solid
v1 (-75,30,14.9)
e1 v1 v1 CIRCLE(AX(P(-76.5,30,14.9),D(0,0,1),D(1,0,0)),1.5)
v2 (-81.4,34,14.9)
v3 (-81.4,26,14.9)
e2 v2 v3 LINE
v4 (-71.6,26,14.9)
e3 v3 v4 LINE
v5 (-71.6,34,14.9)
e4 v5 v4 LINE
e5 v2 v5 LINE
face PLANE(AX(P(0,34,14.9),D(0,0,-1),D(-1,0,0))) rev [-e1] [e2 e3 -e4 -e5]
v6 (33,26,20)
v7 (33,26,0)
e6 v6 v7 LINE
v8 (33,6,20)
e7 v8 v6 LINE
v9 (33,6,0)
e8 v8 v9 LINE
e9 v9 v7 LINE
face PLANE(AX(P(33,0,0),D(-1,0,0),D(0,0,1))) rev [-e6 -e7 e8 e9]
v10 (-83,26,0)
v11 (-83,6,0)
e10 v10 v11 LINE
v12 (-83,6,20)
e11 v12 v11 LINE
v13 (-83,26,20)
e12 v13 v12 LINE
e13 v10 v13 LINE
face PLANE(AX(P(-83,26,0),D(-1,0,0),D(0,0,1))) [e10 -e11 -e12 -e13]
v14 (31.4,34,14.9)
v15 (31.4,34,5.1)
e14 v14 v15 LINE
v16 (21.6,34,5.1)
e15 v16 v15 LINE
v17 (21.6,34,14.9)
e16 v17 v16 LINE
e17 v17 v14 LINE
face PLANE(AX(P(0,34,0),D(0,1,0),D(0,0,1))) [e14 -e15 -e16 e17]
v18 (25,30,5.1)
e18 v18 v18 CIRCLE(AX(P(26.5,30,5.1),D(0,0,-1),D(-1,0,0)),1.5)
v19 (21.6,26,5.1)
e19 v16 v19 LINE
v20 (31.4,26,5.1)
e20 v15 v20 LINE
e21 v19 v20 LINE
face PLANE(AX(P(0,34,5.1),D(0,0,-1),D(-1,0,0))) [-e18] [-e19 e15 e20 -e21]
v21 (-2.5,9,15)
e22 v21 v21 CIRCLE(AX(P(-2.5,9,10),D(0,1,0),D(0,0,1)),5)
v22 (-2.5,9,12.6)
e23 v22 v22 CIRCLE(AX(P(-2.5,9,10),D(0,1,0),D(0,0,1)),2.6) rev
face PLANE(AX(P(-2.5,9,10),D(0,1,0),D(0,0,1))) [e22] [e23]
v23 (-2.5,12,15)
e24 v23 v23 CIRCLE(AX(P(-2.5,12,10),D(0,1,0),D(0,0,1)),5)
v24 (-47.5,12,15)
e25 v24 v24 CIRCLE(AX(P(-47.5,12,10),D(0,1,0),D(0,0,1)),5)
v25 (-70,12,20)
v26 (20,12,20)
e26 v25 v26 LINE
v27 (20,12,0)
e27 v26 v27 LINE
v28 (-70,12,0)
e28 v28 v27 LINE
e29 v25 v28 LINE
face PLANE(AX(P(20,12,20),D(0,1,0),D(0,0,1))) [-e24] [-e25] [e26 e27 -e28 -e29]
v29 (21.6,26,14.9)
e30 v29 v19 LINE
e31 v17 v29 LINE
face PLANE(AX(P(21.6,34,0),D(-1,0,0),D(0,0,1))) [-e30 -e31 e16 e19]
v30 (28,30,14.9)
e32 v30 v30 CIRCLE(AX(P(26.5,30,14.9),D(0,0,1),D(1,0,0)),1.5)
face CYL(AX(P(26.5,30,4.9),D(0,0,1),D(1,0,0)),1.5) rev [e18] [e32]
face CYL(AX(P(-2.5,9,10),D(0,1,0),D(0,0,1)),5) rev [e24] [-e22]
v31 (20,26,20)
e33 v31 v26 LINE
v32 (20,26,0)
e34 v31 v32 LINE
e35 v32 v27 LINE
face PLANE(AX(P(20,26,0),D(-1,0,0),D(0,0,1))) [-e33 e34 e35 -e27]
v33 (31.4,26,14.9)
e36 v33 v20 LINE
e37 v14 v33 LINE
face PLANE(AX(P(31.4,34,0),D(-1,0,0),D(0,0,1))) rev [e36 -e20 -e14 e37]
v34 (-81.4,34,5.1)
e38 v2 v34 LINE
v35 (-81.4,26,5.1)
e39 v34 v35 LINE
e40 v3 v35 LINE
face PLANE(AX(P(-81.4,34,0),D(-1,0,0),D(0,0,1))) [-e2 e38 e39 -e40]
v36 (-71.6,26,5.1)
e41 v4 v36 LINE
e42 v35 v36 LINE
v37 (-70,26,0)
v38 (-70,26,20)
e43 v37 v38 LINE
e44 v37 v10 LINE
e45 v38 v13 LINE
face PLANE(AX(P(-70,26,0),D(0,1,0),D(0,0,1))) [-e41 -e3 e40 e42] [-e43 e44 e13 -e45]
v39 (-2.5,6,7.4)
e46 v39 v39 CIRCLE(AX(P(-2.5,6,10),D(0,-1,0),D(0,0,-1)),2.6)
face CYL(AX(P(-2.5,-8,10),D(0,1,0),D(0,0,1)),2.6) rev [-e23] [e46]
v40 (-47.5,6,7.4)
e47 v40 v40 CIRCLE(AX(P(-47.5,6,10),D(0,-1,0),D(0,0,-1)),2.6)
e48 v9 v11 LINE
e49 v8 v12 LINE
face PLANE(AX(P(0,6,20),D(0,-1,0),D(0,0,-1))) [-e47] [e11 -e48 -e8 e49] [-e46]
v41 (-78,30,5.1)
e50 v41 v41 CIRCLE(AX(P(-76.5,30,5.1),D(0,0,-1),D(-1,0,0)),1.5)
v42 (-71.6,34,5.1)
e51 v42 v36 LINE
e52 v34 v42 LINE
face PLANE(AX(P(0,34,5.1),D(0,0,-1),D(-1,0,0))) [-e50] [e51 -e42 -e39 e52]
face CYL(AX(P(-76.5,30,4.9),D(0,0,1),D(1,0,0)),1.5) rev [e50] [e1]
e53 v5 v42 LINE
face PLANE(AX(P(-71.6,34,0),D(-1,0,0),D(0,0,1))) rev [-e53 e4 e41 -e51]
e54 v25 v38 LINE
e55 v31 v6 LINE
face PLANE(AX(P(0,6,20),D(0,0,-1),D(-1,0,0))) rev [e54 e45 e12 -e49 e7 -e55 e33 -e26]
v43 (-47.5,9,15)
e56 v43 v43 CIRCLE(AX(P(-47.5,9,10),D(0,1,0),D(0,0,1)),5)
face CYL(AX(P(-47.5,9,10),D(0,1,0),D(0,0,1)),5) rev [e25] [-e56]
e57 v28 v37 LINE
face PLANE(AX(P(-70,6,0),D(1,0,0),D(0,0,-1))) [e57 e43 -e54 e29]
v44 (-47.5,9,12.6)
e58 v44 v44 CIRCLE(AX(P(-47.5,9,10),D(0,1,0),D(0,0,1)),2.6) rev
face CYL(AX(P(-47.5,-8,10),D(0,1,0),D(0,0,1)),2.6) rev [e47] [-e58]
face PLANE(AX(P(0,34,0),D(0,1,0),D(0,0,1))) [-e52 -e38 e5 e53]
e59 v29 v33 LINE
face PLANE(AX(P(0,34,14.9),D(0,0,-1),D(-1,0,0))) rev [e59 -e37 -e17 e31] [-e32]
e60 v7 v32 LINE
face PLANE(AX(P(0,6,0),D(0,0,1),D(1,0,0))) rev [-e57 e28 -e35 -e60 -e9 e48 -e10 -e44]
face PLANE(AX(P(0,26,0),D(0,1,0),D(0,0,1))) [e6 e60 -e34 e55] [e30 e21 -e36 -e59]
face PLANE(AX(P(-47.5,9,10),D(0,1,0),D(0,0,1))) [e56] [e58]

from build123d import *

# Parameters (mm, degrees)
SKETCH_1_W           = 40
SKETCH_1_H           = 20
EXTRUDE_1_DEPTH      = 6
SKETCH_5_W           = 7
SKETCH_5_H           = 20
CUT_EXTRUDE_3_DEPTH  = 6
SKETCH_6_W           = 13
SKETCH_6_H           = 20
EXTRUDE_2_DEPTH      = 20
EXTRUDE_3_DEPTH      = 8
CUT_EXTRUDE_4_DEPTH  = 10
EXTRUDE_4_DEPTH      = 20
EXTRUDE_5_DEPTH      = 8
CUT_EXTRUDE_5_DEPTH  = 10
CUT_EXTRUDE_6_DEPTH  = 3
SKETCH_16_R          = 2.6
CUT_EXTRUDE_7_DEPTH  = 3
CUT_EXTRUDE_8_DEPTH  = 20
SKETCH_19_W          = 90
SKETCH_19_H          = 6
EXTRUDE_6_DEPTH      = 20
CUT_EXTRUDE_9_DEPTH  = 20
SKETCH_21_R          = 5
CUT_EXTRUDE_10_DEPTH = 3


with BuildPart() as part:
    # 草图1 → 凸台-拉伸1 (new body)
    with BuildSketch(Plane(origin=(0, 0, 0), x_dir=(1, 0, 0), z_dir=(0, 1, 0))):
        with Locations((20, -10)):
            Rectangle(SKETCH_1_W, SKETCH_1_H)
    extrude(amount=EXTRUDE_1_DEPTH)

    # 草图5 → 切除-拉伸3 (cut)
    with BuildSketch(Plane(origin=(0, 6, 0), x_dir=(1, 0, 0), z_dir=(0, 1, 0))):
        with Locations((36.5, -10)):
            Rectangle(SKETCH_5_W, SKETCH_5_H)
    extrude(amount=-CUT_EXTRUDE_3_DEPTH, mode=Mode.SUBTRACT)

    # 草图6 → 凸台-拉伸2 (add)
    # profile 1 of 3: a face of its own
    with BuildSketch(Plane(origin=(0, 6, 0), x_dir=(1, 0, 0), z_dir=(0, 1, 0))):
        with Locations((26.5, -10)):
            Rectangle(SKETCH_6_W, SKETCH_6_H)
        Polygon((31.5, -5), (31.5, -10), (31.5, -15), (21.5, -15), (21.5, -10), (21.5, -5), align=None, mode=Mode.SUBTRACT)
    # profile 2 of 3: a face of its own
    with BuildSketch(Plane(origin=(0, 6, 0), x_dir=(1, 0, 0), z_dir=(0, 1, 0))):
        Polygon((21.5, -10), (26.5, -10), (31.5, -10), (31.5, -5), (21.5, -5), align=None)
    # profile 3 of 3: a face of its own
    with BuildSketch(Plane(origin=(0, 6, 0), x_dir=(1, 0, 0), z_dir=(0, 1, 0))):
        Polygon((31.5, -10), (26.5, -10), (21.5, -10), (21.5, -15), (31.5, -15), align=None)
    extrude(amount=EXTRUDE_2_DEPTH)

    # 草图8 → 凸台-拉伸3 (add)
    with BuildSketch(Plane(origin=(0, 26, 0), x_dir=(1, 0, 0), z_dir=(0, 1, 0))):
        Polygon((31.4, -5.1), (23.315, -5.1), (26.5, -10), (31.4, -10), align=None)
        Polygon((26.5, -10), (23.315, -5.1), (21.6, -5.1), (21.6, -10), align=None)
        Polygon((29.685, -14.9), (26.5, -10), (21.6, -10), (21.6, -14.9), align=None)
        Polygon((31.4, -10), (26.5, -10), (29.685, -14.9), (31.4, -14.9), align=None)
    extrude(amount=EXTRUDE_3_DEPTH)

    # 草图9 → 切除-拉伸4 (cut)
    with BuildSketch(Plane.XY.offset(14.9)):
        with BuildLine():
            ThreePointArc((28, 30), (27.560660172, 31.060660172), (26.5, 31.5))
            Line((26.5, 31.5), (26.5, 28.5))
            ThreePointArc((26.5, 28.5), (27.560660172, 28.939339828), (28, 30))
        make_face()
        with BuildLine():
            Line((26.5, 28.5), (26.5, 31.5))
            ThreePointArc((26.5, 31.5), (25, 30), (26.5, 28.5))
        make_face()
    extrude(amount=-CUT_EXTRUDE_4_DEPTH, mode=Mode.SUBTRACT)

    # 草图10 → 凸台-拉伸4 (add)
    with BuildSketch(Plane.XY.offset(20)):
        Polygon((0, 0), (0, 6), (-70, 6), (-70, 26), (-83, 26), (-83, 0), align=None)
    extrude(amount=-EXTRUDE_4_DEPTH)

    # 草图12 → 凸台-拉伸5 (add)
    with BuildSketch(Plane(origin=(0, 26, 0), x_dir=(1, 0, 0), z_dir=(0, 1, 0))):
        Polygon((-71.6, -5.1), (-79.685, -5.1), (-76.5, -10), (-71.6, -10), align=None)
        Polygon((-76.5, -10), (-79.685, -5.1), (-81.4, -5.1), (-81.4, -10), align=None)
        Polygon((-73.315, -14.9), (-76.5, -10), (-81.4, -10), (-81.4, -14.9), align=None)
        Polygon((-71.6, -10), (-76.5, -10), (-73.315, -14.9), (-71.6, -14.9), align=None)
    extrude(amount=EXTRUDE_5_DEPTH)

    # 草图13 → 切除-拉伸5 (cut)
    with BuildSketch(Plane.XY.offset(14.9)):
        with BuildLine():
            ThreePointArc((-75, 30), (-75.996506058, 31.412973407), (-77.6619918, 30.948564735))
            Line((-77.6619918, 30.948564735), (-75.3380082, 29.051435265))
            ThreePointArc((-75.3380082, 29.051435265), (-75.087026593, 29.496506058), (-75, 30))
        make_face()
        with BuildLine():
            Line((-75.3380082, 29.051435265), (-77.6619918, 30.948564735))
            ThreePointArc((-77.6619918, 30.948564735), (-77.448564735, 28.8380082), (-75.3380082, 29.051435265))
        make_face()
    extrude(amount=-CUT_EXTRUDE_5_DEPTH, mode=Mode.SUBTRACT)

    # 草图15 → 切除-拉伸6 (cut)
    with BuildSketch(Plane(origin=(0, 6, 0), x_dir=(1, 0, 0), z_dir=(0, 1, 0))):
        with BuildLine():
            ThreePointArc((-52.5, -10), (-47.5, -15), (-42.5, -10))
            Line((-42.5, -10), (-52.5, -10))
        make_face()
        with BuildLine():
            Line((-52.5, -10), (-42.5, -10))
            ThreePointArc((-42.5, -10), (-47.5, -5), (-52.5, -10))
        make_face()
        with BuildLine():
            ThreePointArc((2.5, -10), (-2.5, -5), (-7.5, -10))
            Line((-7.5, -10), (2.5, -10))
        make_face()
        with BuildLine():
            Line((2.5, -10), (-7.5, -10))
            ThreePointArc((-7.5, -10), (-2.5, -15), (2.5, -10))
        make_face()
    extrude(amount=-CUT_EXTRUDE_6_DEPTH, mode=Mode.SUBTRACT)

    # 草图16 → 切除-拉伸7 (cut)
    with BuildSketch(Plane(origin=(0, 3, 0), x_dir=(1, 0, 0), z_dir=(0, 1, 0))):
        with Locations(Location((-47.5, -10, 0), (0, 0, 270))):
            Circle(SKETCH_16_R)
        with Locations(Location((-2.5, -10, 0), (0, 0, 270))):
            Circle(SKETCH_16_R)
    extrude(amount=-CUT_EXTRUDE_7_DEPTH, mode=Mode.SUBTRACT)

    # 草图18 → 切除-拉伸8 (cut)
    with BuildSketch(Plane(origin=(0, 0, 0), x_dir=(-1, 0, 0), z_dir=(0, 0, -1))):
        Polygon((-20, 6), (-33, 6), (-33, 0), (83, 0), (83, 6), (70, 6), align=None)
    extrude(amount=-CUT_EXTRUDE_8_DEPTH, mode=Mode.SUBTRACT)


with BuildPart() as cut_extrude_8_piece_1:
    # of the separate pieces the step leaves, piece 1, a body of its own (cut_extrude_8_pieces)
    add(part.part.solids().sort_by_distance((-70, 6, 0))[0])



with BuildPart() as cut_extrude_8_piece_2:
    # of the separate pieces the step leaves, piece 2, a body of its own (cut_extrude_8_pieces)
    add(part.part.solids().sort_by_distance((33, 26, 0))[0])


with BuildPart() as cut_extrude_8_piece_1_1:
    add(cut_extrude_8_piece_1.part)

    add(cut_extrude_8_piece_2.part)  # 凸台-拉伸6 merges 切除-拉伸8 piece 2
    # 草图19 → 凸台-拉伸6 (add)
    with BuildSketch(Plane(origin=(0, 0, 0), x_dir=(-1, 0, 0), z_dir=(0, 0, -1))):
        with Locations((25, 9)):
            Rectangle(SKETCH_19_W, SKETCH_19_H)
    extrude(amount=-EXTRUDE_6_DEPTH)

    # 草图20 → 切除-拉伸9 (cut)
    with BuildSketch(Plane(origin=(0, 12, 0), x_dir=(1, 0, 0), z_dir=(0, 1, 0))):
        with BuildLine():
            ThreePointArc((-50.1, -10), (-47.5, -12.6), (-44.9, -10))
            Line((-44.9, -10), (-50.1, -10))
        make_face()
        with BuildLine():
            Line((-50.1, -10), (-44.9, -10))
            ThreePointArc((-44.9, -10), (-47.5, -7.4), (-50.1, -10))
        make_face()
        with BuildLine():
            ThreePointArc((0.1, -10), (-2.5, -7.4), (-5.1, -10))
            Line((-5.1, -10), (0.1, -10))
        make_face()
        with BuildLine():
            Line((0.1, -10), (-5.1, -10))
            ThreePointArc((-5.1, -10), (-2.5, -12.6), (0.1, -10))
        make_face()
    extrude(amount=-CUT_EXTRUDE_9_DEPTH, mode=Mode.SUBTRACT)

    # 草图21 → 切除-拉伸10 (cut)
    with BuildSketch(Plane(origin=(0, 12, 0), x_dir=(1, 0, 0), z_dir=(0, 1, 0))):
        with Locations(Location((-47.5, -10, 0), (0, 0, 270))):
            Circle(SKETCH_21_R)
        with Locations(Location((-2.5, -10, 0), (0, 0, 270))):
            Circle(SKETCH_21_R)
    extrude(amount=-CUT_EXTRUDE_10_DEPTH, mode=Mode.SUBTRACT)


solid = cut_extrude_8_piece_1_1.part
